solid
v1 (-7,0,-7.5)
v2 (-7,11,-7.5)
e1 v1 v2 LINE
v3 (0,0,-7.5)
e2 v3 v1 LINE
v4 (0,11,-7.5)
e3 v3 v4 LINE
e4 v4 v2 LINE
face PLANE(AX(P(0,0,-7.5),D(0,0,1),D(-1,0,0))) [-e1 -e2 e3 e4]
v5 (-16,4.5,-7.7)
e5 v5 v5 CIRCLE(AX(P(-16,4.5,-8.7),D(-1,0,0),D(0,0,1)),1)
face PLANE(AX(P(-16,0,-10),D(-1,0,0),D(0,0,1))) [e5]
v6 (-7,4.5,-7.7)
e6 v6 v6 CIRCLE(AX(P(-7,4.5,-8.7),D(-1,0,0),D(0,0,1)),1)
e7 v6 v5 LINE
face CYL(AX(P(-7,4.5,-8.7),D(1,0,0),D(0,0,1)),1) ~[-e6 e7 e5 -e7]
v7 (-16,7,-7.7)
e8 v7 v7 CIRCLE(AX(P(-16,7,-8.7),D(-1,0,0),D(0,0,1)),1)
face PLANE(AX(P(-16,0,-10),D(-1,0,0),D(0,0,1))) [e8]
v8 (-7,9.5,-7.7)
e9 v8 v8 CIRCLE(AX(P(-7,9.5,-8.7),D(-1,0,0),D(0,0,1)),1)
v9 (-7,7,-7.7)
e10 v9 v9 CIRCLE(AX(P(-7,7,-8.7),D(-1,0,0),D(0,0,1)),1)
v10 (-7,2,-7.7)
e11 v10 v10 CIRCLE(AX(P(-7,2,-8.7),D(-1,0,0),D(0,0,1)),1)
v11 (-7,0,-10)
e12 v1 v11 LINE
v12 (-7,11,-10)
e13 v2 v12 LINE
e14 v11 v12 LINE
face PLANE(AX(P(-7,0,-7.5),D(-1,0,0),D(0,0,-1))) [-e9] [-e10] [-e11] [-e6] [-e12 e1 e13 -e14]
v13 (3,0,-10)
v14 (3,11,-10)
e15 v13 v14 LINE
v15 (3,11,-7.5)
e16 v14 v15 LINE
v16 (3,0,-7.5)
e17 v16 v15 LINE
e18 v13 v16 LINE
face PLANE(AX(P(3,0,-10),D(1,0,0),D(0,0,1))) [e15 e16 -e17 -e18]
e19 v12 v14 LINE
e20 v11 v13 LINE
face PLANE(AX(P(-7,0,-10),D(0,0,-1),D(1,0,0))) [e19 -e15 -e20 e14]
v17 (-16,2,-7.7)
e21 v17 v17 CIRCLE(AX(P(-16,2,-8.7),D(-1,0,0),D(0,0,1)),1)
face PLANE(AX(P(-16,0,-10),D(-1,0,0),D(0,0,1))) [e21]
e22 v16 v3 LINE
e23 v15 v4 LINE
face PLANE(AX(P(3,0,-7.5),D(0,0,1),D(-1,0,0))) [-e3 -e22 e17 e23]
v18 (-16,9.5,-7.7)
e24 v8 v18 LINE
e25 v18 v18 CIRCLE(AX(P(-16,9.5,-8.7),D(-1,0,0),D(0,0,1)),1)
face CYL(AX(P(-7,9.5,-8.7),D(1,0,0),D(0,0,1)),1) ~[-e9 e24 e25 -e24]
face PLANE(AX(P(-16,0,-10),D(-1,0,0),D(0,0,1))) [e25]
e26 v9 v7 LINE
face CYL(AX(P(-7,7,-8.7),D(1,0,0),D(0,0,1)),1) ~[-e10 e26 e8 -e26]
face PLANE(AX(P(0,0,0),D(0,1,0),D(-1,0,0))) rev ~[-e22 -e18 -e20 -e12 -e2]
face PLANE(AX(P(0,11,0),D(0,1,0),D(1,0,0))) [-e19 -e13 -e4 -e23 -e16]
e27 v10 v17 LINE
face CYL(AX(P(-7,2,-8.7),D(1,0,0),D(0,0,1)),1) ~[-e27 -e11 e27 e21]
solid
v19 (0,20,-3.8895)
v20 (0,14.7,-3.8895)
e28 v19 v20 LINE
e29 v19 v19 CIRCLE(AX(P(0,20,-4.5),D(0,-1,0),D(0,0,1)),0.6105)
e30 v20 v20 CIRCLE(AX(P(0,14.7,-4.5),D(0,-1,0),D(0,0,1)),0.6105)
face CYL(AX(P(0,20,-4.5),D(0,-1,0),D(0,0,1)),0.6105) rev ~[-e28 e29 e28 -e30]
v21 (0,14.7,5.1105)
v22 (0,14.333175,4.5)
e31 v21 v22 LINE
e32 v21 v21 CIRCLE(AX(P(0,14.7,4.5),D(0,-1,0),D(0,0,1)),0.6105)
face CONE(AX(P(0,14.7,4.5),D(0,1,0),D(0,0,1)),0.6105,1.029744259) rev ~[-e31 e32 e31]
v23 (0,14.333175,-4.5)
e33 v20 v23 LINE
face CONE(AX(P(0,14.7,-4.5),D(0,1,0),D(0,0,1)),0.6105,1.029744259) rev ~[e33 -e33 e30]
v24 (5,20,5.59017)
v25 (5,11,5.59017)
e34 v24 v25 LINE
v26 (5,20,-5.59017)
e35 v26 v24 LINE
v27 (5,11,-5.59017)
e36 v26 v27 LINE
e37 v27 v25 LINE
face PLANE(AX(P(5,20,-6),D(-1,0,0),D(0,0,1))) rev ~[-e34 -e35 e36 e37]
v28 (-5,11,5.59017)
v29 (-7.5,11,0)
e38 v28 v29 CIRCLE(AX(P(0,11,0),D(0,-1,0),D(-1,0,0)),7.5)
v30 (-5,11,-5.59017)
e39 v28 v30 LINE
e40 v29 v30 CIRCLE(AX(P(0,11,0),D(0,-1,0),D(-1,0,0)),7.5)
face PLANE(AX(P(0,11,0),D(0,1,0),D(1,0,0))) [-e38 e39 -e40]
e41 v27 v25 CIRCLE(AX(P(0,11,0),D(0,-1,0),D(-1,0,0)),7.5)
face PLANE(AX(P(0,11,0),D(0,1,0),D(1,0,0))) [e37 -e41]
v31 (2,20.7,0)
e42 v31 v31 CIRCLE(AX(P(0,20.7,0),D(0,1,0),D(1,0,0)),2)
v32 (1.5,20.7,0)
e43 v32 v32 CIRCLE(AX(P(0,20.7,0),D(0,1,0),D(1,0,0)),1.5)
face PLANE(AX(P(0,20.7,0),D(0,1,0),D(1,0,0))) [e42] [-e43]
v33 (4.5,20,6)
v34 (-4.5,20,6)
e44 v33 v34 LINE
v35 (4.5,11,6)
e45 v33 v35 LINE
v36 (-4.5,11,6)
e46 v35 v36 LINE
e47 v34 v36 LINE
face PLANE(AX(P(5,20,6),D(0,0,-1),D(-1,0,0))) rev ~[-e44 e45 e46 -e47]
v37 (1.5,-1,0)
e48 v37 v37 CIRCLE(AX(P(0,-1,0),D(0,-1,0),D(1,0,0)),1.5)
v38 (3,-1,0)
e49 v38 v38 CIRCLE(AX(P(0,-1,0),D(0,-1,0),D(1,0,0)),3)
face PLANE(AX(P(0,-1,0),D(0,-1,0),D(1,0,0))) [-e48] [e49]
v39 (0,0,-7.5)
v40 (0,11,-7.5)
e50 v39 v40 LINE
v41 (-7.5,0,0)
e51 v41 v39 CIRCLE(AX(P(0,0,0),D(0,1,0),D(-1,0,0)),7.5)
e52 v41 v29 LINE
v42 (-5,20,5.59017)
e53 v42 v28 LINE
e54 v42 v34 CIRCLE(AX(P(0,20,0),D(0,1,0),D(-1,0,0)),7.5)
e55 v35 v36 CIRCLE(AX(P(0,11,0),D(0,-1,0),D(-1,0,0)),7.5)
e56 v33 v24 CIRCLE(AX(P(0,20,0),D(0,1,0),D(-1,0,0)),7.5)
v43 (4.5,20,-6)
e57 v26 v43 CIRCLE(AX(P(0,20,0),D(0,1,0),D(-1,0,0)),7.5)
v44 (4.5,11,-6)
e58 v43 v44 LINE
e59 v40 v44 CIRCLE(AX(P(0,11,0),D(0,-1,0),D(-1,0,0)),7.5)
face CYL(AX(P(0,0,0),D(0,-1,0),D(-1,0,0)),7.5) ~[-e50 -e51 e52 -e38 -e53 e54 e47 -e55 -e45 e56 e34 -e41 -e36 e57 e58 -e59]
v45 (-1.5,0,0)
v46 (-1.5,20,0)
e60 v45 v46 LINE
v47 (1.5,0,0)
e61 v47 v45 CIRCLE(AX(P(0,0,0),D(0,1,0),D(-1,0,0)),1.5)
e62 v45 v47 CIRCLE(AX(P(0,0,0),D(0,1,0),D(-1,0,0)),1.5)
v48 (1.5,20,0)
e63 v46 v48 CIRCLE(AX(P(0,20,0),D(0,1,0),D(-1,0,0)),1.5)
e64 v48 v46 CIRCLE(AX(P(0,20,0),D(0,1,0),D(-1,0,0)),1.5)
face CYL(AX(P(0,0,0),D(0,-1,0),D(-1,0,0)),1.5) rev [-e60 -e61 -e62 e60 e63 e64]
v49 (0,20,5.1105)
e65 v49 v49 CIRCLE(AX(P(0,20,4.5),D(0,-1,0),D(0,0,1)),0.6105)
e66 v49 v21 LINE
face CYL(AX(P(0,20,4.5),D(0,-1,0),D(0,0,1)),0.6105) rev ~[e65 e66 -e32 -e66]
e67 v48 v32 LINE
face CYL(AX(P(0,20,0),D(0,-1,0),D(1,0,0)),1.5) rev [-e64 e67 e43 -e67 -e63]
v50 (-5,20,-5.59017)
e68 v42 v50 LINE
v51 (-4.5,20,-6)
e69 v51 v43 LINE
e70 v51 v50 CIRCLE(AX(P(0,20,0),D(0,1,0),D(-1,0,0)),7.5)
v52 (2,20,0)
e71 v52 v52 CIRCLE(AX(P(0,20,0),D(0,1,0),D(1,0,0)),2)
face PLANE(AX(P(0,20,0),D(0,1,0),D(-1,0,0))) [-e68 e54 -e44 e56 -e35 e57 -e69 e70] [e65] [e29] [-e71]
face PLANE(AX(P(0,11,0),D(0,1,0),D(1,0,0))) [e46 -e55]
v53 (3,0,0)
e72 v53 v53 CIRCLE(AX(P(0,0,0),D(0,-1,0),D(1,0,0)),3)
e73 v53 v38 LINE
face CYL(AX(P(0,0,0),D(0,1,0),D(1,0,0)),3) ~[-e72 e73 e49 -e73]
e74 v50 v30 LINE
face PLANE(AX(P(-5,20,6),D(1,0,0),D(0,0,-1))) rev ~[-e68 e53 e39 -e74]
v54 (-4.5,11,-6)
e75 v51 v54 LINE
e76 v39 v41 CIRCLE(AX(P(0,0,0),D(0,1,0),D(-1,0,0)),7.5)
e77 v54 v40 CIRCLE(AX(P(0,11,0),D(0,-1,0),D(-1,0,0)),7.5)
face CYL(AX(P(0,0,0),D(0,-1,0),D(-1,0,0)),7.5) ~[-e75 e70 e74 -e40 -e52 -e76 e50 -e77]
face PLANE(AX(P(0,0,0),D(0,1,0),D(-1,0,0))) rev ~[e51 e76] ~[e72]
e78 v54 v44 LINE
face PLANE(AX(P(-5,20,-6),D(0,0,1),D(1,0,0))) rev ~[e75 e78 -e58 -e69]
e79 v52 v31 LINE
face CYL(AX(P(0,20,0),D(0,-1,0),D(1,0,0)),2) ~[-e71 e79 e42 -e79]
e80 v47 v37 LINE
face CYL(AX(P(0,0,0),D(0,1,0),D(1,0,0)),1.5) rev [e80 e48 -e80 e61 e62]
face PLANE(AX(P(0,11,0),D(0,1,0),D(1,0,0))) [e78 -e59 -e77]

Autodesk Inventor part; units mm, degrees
ref_plane "YZ Plane" through (0, 0, 0) normal (1, 0, 0) x (0, 1, 0)
ref_plane "XZ Plane" through (0, 0, 0) normal (0, 1, 0) x (-1, 0, 0)
ref_plane "XY Plane" through (0, 0, 0) normal (0, 0, 1) x (1, 0, 0)
sketch "Sketch1" plane through (0, 0, 0) normal (0, 1, 0) x (-1, 0, 0)
  circle A0 centre (0, 0) radius 7.5
  line L0 (-3, -7.5) -> (7, -7.5)
  line L1 (7, -7.5) -> (7, -10)
  line L2 (7, -10) -> (-3, -10)
  line L3 (-3, -10) -> (-3, -7.5)
  circle A1 centre (0, 0) radius 1.5
  dimension "d0" = 15
  dimension "d1" = 3
  dimension "d2" = 10
  dimension "d4" = 10
  dimension "d15" = 3
extrude "Extrusion3" add sketch "Sketch1" along normal blind 20
sketch "Sketch3" plane through (0, 20, 0) normal (0, 1, 0) x (1, 0, 0)
  line L0 (5, -6) -> (-5, -6)
  line L1 (-5, -6) -> (-5, 6)
  line L2 (-5, 6) -> (5, 6)
  line L3 (5, 6) -> (5, -6)
  line L4 (15, -15) -> (-15, -15)
  line L5 (-15, -15) -> (-15, 15)
  line L6 (-15, 15) -> (15, 15)
  line L7 (15, 15) -> (15, -15)
  point P0 (0, 0)
  point P1 (0, -6)
  point P2 (-5, 0)
  dimension "d18" = 10
  dimension "d19" = 12
  dimension "d20" = 30
  dimension "d21" = 30
  dimension "d22" = 15
  dimension "d23" = 15
extrude "Extrusion4" cut sketch "Sketch3" against normal blind 9
sketch "Sketch4" plane through (-7, 0, -10) normal (-1, 0, 0) x (0, 0, 1)
  circle A0 centre (1.3, 9.5) radius 1
  circle A1 centre (1.3, 7) radius 1
  circle A2 centre (1.3, 4.5) radius 1
  circle A3 centre (1.3, 2) radius 1
  line L0 (2.5, 0) -> (17.5, 0) projected
  line L1 (0, 0) -> (0, 11) projected
  point P0 (10, 0)
  dimension "d26" = 2
  dimension "d27" = 2.5
  dimension "d28" = 2.5
  dimension "d29" = 2.5
  dimension "d30" = 2
  dimension "d31" = 1.3
extrude "Extrusion5" add sketch "Sketch4" along normal blind 9
sketch "Sketch5" plane through (0, 20, 0) normal (0, 1, 0) x (1, 0, 0)
  point P0 (0, 0)
  point P1 (0, -4.5)
  point P2 (0, 4.5)
  dimension "d34" = 9
  dimension "d35" = 4.5
hole "Hole1" at (0, 20, 4.5) at (0, 20, -4.5) direction (0, -1, 0) diameter 1.221 depth 5.3 tip angle 118 thread size "M1.6x0.35" class "6H" standard "ISO Metric profile"
sketch "Sketch6" plane through (0, 0, 0) normal (0, -1, 0) x (1, 0, 0)
  circle A0 centre (0, 0) radius 3
  circle A1 centre (0, 0) radius 1.5 projected
  dimension "d43" = 6
extrude "Extrusion6" add sketch "Sketch6" along normal blind 1
sketch "Sketch7" plane through (0, 20, 0) normal (0, 1, 0) x (1, 0, 0)
  circle A0 centre (0, 0) radius 1.5 projected
  circle A1 centre (0, 0) radius 2
  dimension "d46" = 4
extrude "Extrusion7" add sketch "Sketch7" along normal blind 0.7
properties part number "Motor-Body"
